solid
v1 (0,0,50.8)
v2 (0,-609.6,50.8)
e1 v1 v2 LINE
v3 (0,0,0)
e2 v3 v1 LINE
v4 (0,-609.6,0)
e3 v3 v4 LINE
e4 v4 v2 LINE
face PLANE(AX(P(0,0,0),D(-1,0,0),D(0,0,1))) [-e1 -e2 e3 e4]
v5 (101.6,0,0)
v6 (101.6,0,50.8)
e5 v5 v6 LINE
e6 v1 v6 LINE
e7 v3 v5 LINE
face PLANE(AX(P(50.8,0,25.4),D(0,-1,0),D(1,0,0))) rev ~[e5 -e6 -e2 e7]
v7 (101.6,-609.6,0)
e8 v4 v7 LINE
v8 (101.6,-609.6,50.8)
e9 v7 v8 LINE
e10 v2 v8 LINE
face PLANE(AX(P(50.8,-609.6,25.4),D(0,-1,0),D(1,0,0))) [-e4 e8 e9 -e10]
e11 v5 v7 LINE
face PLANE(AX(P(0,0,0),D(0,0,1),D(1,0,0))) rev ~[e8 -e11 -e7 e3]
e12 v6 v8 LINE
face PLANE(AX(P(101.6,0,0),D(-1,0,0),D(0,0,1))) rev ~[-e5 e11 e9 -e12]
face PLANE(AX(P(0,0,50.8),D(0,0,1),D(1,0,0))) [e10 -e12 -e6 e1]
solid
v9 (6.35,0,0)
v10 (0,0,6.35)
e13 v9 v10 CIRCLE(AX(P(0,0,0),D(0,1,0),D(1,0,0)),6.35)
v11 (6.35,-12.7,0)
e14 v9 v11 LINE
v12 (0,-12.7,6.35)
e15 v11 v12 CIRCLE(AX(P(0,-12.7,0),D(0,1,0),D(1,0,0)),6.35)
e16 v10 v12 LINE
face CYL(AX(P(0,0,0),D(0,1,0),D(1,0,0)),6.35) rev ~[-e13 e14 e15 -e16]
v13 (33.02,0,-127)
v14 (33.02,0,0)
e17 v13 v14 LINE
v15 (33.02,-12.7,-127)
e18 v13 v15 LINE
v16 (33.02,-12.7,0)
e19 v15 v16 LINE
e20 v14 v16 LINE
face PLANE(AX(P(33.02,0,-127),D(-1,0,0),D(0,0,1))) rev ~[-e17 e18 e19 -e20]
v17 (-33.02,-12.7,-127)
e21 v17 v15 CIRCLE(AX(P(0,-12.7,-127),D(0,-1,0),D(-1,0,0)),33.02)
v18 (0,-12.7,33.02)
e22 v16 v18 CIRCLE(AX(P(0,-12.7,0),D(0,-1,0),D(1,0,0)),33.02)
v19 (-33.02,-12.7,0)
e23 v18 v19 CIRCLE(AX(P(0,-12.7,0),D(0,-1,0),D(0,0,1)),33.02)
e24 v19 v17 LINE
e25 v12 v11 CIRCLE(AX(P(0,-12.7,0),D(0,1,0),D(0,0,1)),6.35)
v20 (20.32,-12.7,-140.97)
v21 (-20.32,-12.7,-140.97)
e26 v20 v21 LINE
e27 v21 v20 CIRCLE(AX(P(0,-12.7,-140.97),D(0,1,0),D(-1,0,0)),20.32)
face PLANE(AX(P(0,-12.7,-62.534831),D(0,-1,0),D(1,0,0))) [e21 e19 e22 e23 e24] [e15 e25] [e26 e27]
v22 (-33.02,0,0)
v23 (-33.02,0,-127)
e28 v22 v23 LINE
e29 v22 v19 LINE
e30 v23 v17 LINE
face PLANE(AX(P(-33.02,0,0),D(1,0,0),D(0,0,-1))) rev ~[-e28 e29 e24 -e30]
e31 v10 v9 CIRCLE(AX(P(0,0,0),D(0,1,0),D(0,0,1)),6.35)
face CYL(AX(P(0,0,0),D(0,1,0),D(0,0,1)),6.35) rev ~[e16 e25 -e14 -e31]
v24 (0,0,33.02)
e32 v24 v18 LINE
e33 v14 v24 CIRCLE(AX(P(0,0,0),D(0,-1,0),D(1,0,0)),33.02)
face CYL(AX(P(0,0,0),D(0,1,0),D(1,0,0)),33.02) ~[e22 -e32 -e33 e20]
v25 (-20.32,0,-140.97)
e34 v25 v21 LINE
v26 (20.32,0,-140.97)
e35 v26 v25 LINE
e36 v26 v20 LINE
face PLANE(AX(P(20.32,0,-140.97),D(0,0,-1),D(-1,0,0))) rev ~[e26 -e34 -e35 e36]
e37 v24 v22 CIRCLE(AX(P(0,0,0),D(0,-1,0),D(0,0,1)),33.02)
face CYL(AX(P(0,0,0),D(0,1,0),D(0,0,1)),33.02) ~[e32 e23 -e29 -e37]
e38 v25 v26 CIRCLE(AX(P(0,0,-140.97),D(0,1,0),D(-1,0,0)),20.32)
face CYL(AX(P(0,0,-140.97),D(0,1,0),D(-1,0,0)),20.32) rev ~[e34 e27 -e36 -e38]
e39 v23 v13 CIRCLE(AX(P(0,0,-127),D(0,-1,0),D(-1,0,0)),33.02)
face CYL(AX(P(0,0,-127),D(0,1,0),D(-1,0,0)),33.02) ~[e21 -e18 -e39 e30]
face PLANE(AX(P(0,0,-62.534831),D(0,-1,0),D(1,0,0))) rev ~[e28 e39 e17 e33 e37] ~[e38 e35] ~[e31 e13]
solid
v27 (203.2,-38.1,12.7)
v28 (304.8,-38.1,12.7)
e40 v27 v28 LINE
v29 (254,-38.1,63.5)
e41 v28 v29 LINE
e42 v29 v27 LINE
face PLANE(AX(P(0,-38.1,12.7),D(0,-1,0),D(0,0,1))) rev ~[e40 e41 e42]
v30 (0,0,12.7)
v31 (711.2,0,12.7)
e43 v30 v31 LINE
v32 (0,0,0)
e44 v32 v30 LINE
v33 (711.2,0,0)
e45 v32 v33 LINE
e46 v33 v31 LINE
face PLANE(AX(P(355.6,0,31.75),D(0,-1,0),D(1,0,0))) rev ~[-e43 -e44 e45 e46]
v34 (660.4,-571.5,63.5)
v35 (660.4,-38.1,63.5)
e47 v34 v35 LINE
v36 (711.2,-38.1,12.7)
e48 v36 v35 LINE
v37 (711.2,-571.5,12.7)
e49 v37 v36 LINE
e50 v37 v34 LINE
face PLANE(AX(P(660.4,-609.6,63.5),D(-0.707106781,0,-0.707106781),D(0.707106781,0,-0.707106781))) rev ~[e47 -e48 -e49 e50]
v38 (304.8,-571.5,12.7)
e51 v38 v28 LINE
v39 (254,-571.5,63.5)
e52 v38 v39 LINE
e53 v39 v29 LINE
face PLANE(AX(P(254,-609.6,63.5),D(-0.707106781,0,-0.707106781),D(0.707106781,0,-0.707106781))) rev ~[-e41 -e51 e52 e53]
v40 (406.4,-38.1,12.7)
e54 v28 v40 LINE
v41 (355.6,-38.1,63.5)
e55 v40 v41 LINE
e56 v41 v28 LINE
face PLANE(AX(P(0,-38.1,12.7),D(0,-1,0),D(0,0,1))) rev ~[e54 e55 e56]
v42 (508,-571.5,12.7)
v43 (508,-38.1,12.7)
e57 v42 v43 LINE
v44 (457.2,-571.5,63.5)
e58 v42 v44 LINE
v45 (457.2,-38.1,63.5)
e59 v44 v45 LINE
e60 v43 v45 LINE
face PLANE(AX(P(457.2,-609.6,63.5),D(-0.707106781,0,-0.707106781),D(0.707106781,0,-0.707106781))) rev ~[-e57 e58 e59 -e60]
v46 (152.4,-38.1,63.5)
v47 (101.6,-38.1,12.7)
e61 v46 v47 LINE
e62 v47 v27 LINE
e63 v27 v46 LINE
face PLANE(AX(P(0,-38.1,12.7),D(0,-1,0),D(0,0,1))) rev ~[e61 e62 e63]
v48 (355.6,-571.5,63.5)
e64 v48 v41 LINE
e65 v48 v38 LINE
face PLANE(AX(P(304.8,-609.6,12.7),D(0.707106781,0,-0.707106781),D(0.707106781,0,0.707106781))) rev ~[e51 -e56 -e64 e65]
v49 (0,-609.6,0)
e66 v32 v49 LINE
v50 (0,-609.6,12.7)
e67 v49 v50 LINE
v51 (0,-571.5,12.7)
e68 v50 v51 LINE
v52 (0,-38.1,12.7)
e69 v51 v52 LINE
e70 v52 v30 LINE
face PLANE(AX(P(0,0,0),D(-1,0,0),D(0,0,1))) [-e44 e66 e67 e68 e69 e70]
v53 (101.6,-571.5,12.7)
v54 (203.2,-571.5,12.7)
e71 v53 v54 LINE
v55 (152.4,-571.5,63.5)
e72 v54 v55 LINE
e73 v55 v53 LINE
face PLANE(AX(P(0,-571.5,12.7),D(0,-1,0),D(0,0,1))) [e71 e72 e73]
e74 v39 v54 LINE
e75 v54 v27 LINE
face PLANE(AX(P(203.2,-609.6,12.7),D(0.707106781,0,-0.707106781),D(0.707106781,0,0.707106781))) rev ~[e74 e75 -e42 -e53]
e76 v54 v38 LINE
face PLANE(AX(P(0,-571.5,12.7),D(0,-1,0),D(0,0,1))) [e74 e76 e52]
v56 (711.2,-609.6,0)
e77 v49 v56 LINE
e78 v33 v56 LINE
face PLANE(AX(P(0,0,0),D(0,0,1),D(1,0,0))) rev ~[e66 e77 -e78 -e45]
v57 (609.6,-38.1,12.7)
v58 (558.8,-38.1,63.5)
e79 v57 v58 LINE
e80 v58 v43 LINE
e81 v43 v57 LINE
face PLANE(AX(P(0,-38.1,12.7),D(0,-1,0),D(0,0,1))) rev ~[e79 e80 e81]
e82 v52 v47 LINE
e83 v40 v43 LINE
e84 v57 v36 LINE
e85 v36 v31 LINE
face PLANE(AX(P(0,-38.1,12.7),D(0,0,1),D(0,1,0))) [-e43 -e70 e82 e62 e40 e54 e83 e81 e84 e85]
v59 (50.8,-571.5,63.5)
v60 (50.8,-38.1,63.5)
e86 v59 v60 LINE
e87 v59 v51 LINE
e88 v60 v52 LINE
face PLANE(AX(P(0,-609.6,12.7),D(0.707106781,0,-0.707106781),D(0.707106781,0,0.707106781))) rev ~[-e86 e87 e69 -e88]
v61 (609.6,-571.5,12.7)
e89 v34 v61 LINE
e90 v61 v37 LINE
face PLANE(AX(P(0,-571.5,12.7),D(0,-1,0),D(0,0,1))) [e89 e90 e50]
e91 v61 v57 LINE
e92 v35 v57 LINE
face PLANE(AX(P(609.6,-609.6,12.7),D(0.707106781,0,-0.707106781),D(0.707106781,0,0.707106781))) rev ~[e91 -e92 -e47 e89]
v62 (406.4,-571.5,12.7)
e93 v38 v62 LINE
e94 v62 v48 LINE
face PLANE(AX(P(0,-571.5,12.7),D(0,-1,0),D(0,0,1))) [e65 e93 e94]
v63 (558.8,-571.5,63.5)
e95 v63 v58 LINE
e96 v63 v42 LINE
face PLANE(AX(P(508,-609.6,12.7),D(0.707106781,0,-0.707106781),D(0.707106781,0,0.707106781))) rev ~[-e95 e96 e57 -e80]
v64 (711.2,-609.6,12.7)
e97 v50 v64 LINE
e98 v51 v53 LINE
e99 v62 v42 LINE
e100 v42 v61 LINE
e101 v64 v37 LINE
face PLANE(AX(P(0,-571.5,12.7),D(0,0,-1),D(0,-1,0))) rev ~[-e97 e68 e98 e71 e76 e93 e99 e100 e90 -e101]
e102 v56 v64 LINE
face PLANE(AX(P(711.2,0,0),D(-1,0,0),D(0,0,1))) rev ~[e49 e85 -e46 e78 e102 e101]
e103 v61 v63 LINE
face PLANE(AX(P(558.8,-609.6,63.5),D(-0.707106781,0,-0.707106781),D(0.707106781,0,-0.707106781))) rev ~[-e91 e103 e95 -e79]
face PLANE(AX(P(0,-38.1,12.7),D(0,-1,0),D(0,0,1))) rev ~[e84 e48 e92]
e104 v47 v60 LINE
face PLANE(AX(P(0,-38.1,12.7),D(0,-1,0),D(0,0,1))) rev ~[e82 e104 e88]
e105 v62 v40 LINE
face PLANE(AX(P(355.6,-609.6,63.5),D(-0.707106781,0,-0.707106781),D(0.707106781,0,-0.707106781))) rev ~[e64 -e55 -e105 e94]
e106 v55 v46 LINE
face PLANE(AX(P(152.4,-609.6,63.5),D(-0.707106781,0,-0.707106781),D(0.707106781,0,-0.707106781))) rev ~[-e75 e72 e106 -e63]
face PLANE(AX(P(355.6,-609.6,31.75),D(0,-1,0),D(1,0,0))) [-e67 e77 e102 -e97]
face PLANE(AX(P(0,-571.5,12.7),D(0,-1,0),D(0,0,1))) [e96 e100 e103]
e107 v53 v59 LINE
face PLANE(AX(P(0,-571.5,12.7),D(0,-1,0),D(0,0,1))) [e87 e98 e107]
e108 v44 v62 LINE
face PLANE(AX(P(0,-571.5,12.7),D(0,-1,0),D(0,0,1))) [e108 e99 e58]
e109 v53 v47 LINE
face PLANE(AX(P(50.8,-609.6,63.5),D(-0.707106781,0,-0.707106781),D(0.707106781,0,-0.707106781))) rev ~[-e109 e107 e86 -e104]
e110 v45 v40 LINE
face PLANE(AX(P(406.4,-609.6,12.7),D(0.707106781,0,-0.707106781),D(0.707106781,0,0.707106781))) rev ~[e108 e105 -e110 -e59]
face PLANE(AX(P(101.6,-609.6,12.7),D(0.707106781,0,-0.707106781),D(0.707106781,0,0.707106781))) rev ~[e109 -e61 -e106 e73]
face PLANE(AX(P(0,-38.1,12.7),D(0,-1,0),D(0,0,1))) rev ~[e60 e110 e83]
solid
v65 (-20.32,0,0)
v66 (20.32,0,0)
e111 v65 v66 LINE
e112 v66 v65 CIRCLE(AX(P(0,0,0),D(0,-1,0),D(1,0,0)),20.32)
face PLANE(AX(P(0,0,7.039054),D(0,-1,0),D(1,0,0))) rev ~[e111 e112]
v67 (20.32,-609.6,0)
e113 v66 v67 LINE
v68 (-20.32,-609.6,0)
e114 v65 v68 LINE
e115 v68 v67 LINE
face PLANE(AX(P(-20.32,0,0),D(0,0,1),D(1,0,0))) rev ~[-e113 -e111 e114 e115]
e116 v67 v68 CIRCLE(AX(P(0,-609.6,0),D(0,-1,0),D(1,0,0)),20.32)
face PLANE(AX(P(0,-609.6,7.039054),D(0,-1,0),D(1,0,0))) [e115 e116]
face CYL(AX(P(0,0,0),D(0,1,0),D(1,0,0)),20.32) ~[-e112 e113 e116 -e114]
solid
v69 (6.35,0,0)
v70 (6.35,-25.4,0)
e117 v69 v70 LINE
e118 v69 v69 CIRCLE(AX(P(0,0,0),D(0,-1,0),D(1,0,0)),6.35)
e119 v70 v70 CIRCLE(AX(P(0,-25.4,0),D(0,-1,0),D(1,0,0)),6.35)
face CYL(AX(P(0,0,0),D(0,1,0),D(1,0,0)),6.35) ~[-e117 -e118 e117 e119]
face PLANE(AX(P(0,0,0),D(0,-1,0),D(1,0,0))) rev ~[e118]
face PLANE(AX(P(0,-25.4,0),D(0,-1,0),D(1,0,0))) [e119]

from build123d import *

# Parameters (mm, degrees)
F0_W      = 101.6
F0_H      = 50.8
F1_DEPTH  = 609.6
F2_W      = 711.2
F2_H      = 63.5
F3_DEPTH  = 609.6
F5_DEPTH  = 609.601
F6_W      = 38.1
F6_H      = 63.5
F7_DEPTH  = 711.201
F8_W      = 38.1
F8_H      = 76.2
F9_DEPTH  = 711.201
F10_R     = 6.35
F11_DEPTH = 25.4
F13_DEPTH = 609.6
F15_DEPTH = 12.7


with BuildPart() as f1:
    # F0 (on Front) → F1 (new body)
    with BuildSketch(Plane.XZ):
        with Locations((50.8, 25.4)):
            Rectangle(F0_W, F0_H)
    extrude(amount=F1_DEPTH)


with BuildPart() as f3:
    # F2 (on Front) → F3 (new body)
    with BuildSketch(Plane.XZ):
        with Locations((355.6, 31.75)):
            Rectangle(F2_W, F2_H)
    extrude(amount=F3_DEPTH)

    # F4 (on face) → F5 (cut, through all)
    with BuildSketch(Plane.XZ.offset(609.6)):
        Polygon((0, 63.5), (0, 12.7), (50.8, 63.5), align=None)
        Polygon((152.4, 63.5), (50.8, 63.5), (101.6, 12.7), align=None)
        Polygon((254, 63.5), (152.4, 63.5), (203.2, 12.7), align=None)
        Polygon((355.6, 63.5), (254, 63.5), (304.8, 12.7), align=None)
        Polygon((457.2, 63.5), (355.6, 63.5), (406.4, 12.7), align=None)
        Polygon((508, 12.7), (558.8, 63.5), (457.2, 63.5), align=None)
        Polygon((609.6, 12.7), (660.4, 63.5), (558.8, 63.5), align=None)
        Polygon((660.4, 63.5), (711.2, 12.7), (711.2, 63.5), align=None)
    extrude(amount=-F5_DEPTH, mode=Mode.SUBTRACT)

    # F6 (on Right) → F7 (cut, through all)
    with BuildSketch(Plane.YZ):
        with Locations((-19.05, 44.45)):
            Rectangle(F6_W, F6_H)
    extrude(amount=F7_DEPTH, mode=Mode.SUBTRACT)

    # F8 (on face) → F9 (cut, through all)
    with BuildSketch(Plane(origin=(0, 0, 0), x_dir=(0, -1, 0), z_dir=(-1, 0, 0))):
        with Locations((590.55, 50.8)):
            Rectangle(F8_W, F8_H)
    extrude(amount=-F9_DEPTH, mode=Mode.SUBTRACT)


with BuildPart() as f11:
    # F10 (on Front) → F11 (new body)
    with BuildSketch(Plane.XZ):
        Circle(F10_R)
    extrude(amount=F11_DEPTH)


with BuildPart() as f13:
    # F12 (on Front) → F13 (new body)
    with BuildSketch(Plane.XZ):
        with BuildLine():
            Line((-20.32, 0), (20.32, 0))
            ThreePointArc((20.32, 0), (0, 20.32), (-20.32, 0))
        make_face()
    extrude(amount=F13_DEPTH)


with BuildPart() as f15:
    # F14 (on Front) → F15 (new body)
    with BuildSketch(Plane.XZ):
        with BuildLine():
            Line((33.02, -127), (33.02, 0))
            ThreePointArc((33.02, 0), (23.3486659148, 23.3486659148), (0, 33.02))
            ThreePointArc((0, 33.02), (-23.3486659148, 23.3486659148), (-33.02, 0))
            Line((-33.02, 0), (-33.02, -127))
            ThreePointArc((-33.02, -127), (0, -160.02), (33.02, -127))
        make_face()
        with BuildLine():
            Line((20.32, -140.97), (0, -140.97))
            Line((0, -140.97), (-20.32, -140.97))
            ThreePointArc((-20.32, -140.97), (0, -120.65), (20.32, -140.97))
        make_face(mode=Mode.SUBTRACT)
        with BuildLine():
            ThreePointArc((6.35, 0), (-4.4901280605, -4.4901280605), (0, 6.35))
            ThreePointArc((0, 6.35), (4.4901280605, 4.4901280605), (6.35, 0))
        make_face(mode=Mode.SUBTRACT)
    extrude(amount=F15_DEPTH)


solid = Compound([f1.part, f3.part, f11.part, f13.part, f15.part])
